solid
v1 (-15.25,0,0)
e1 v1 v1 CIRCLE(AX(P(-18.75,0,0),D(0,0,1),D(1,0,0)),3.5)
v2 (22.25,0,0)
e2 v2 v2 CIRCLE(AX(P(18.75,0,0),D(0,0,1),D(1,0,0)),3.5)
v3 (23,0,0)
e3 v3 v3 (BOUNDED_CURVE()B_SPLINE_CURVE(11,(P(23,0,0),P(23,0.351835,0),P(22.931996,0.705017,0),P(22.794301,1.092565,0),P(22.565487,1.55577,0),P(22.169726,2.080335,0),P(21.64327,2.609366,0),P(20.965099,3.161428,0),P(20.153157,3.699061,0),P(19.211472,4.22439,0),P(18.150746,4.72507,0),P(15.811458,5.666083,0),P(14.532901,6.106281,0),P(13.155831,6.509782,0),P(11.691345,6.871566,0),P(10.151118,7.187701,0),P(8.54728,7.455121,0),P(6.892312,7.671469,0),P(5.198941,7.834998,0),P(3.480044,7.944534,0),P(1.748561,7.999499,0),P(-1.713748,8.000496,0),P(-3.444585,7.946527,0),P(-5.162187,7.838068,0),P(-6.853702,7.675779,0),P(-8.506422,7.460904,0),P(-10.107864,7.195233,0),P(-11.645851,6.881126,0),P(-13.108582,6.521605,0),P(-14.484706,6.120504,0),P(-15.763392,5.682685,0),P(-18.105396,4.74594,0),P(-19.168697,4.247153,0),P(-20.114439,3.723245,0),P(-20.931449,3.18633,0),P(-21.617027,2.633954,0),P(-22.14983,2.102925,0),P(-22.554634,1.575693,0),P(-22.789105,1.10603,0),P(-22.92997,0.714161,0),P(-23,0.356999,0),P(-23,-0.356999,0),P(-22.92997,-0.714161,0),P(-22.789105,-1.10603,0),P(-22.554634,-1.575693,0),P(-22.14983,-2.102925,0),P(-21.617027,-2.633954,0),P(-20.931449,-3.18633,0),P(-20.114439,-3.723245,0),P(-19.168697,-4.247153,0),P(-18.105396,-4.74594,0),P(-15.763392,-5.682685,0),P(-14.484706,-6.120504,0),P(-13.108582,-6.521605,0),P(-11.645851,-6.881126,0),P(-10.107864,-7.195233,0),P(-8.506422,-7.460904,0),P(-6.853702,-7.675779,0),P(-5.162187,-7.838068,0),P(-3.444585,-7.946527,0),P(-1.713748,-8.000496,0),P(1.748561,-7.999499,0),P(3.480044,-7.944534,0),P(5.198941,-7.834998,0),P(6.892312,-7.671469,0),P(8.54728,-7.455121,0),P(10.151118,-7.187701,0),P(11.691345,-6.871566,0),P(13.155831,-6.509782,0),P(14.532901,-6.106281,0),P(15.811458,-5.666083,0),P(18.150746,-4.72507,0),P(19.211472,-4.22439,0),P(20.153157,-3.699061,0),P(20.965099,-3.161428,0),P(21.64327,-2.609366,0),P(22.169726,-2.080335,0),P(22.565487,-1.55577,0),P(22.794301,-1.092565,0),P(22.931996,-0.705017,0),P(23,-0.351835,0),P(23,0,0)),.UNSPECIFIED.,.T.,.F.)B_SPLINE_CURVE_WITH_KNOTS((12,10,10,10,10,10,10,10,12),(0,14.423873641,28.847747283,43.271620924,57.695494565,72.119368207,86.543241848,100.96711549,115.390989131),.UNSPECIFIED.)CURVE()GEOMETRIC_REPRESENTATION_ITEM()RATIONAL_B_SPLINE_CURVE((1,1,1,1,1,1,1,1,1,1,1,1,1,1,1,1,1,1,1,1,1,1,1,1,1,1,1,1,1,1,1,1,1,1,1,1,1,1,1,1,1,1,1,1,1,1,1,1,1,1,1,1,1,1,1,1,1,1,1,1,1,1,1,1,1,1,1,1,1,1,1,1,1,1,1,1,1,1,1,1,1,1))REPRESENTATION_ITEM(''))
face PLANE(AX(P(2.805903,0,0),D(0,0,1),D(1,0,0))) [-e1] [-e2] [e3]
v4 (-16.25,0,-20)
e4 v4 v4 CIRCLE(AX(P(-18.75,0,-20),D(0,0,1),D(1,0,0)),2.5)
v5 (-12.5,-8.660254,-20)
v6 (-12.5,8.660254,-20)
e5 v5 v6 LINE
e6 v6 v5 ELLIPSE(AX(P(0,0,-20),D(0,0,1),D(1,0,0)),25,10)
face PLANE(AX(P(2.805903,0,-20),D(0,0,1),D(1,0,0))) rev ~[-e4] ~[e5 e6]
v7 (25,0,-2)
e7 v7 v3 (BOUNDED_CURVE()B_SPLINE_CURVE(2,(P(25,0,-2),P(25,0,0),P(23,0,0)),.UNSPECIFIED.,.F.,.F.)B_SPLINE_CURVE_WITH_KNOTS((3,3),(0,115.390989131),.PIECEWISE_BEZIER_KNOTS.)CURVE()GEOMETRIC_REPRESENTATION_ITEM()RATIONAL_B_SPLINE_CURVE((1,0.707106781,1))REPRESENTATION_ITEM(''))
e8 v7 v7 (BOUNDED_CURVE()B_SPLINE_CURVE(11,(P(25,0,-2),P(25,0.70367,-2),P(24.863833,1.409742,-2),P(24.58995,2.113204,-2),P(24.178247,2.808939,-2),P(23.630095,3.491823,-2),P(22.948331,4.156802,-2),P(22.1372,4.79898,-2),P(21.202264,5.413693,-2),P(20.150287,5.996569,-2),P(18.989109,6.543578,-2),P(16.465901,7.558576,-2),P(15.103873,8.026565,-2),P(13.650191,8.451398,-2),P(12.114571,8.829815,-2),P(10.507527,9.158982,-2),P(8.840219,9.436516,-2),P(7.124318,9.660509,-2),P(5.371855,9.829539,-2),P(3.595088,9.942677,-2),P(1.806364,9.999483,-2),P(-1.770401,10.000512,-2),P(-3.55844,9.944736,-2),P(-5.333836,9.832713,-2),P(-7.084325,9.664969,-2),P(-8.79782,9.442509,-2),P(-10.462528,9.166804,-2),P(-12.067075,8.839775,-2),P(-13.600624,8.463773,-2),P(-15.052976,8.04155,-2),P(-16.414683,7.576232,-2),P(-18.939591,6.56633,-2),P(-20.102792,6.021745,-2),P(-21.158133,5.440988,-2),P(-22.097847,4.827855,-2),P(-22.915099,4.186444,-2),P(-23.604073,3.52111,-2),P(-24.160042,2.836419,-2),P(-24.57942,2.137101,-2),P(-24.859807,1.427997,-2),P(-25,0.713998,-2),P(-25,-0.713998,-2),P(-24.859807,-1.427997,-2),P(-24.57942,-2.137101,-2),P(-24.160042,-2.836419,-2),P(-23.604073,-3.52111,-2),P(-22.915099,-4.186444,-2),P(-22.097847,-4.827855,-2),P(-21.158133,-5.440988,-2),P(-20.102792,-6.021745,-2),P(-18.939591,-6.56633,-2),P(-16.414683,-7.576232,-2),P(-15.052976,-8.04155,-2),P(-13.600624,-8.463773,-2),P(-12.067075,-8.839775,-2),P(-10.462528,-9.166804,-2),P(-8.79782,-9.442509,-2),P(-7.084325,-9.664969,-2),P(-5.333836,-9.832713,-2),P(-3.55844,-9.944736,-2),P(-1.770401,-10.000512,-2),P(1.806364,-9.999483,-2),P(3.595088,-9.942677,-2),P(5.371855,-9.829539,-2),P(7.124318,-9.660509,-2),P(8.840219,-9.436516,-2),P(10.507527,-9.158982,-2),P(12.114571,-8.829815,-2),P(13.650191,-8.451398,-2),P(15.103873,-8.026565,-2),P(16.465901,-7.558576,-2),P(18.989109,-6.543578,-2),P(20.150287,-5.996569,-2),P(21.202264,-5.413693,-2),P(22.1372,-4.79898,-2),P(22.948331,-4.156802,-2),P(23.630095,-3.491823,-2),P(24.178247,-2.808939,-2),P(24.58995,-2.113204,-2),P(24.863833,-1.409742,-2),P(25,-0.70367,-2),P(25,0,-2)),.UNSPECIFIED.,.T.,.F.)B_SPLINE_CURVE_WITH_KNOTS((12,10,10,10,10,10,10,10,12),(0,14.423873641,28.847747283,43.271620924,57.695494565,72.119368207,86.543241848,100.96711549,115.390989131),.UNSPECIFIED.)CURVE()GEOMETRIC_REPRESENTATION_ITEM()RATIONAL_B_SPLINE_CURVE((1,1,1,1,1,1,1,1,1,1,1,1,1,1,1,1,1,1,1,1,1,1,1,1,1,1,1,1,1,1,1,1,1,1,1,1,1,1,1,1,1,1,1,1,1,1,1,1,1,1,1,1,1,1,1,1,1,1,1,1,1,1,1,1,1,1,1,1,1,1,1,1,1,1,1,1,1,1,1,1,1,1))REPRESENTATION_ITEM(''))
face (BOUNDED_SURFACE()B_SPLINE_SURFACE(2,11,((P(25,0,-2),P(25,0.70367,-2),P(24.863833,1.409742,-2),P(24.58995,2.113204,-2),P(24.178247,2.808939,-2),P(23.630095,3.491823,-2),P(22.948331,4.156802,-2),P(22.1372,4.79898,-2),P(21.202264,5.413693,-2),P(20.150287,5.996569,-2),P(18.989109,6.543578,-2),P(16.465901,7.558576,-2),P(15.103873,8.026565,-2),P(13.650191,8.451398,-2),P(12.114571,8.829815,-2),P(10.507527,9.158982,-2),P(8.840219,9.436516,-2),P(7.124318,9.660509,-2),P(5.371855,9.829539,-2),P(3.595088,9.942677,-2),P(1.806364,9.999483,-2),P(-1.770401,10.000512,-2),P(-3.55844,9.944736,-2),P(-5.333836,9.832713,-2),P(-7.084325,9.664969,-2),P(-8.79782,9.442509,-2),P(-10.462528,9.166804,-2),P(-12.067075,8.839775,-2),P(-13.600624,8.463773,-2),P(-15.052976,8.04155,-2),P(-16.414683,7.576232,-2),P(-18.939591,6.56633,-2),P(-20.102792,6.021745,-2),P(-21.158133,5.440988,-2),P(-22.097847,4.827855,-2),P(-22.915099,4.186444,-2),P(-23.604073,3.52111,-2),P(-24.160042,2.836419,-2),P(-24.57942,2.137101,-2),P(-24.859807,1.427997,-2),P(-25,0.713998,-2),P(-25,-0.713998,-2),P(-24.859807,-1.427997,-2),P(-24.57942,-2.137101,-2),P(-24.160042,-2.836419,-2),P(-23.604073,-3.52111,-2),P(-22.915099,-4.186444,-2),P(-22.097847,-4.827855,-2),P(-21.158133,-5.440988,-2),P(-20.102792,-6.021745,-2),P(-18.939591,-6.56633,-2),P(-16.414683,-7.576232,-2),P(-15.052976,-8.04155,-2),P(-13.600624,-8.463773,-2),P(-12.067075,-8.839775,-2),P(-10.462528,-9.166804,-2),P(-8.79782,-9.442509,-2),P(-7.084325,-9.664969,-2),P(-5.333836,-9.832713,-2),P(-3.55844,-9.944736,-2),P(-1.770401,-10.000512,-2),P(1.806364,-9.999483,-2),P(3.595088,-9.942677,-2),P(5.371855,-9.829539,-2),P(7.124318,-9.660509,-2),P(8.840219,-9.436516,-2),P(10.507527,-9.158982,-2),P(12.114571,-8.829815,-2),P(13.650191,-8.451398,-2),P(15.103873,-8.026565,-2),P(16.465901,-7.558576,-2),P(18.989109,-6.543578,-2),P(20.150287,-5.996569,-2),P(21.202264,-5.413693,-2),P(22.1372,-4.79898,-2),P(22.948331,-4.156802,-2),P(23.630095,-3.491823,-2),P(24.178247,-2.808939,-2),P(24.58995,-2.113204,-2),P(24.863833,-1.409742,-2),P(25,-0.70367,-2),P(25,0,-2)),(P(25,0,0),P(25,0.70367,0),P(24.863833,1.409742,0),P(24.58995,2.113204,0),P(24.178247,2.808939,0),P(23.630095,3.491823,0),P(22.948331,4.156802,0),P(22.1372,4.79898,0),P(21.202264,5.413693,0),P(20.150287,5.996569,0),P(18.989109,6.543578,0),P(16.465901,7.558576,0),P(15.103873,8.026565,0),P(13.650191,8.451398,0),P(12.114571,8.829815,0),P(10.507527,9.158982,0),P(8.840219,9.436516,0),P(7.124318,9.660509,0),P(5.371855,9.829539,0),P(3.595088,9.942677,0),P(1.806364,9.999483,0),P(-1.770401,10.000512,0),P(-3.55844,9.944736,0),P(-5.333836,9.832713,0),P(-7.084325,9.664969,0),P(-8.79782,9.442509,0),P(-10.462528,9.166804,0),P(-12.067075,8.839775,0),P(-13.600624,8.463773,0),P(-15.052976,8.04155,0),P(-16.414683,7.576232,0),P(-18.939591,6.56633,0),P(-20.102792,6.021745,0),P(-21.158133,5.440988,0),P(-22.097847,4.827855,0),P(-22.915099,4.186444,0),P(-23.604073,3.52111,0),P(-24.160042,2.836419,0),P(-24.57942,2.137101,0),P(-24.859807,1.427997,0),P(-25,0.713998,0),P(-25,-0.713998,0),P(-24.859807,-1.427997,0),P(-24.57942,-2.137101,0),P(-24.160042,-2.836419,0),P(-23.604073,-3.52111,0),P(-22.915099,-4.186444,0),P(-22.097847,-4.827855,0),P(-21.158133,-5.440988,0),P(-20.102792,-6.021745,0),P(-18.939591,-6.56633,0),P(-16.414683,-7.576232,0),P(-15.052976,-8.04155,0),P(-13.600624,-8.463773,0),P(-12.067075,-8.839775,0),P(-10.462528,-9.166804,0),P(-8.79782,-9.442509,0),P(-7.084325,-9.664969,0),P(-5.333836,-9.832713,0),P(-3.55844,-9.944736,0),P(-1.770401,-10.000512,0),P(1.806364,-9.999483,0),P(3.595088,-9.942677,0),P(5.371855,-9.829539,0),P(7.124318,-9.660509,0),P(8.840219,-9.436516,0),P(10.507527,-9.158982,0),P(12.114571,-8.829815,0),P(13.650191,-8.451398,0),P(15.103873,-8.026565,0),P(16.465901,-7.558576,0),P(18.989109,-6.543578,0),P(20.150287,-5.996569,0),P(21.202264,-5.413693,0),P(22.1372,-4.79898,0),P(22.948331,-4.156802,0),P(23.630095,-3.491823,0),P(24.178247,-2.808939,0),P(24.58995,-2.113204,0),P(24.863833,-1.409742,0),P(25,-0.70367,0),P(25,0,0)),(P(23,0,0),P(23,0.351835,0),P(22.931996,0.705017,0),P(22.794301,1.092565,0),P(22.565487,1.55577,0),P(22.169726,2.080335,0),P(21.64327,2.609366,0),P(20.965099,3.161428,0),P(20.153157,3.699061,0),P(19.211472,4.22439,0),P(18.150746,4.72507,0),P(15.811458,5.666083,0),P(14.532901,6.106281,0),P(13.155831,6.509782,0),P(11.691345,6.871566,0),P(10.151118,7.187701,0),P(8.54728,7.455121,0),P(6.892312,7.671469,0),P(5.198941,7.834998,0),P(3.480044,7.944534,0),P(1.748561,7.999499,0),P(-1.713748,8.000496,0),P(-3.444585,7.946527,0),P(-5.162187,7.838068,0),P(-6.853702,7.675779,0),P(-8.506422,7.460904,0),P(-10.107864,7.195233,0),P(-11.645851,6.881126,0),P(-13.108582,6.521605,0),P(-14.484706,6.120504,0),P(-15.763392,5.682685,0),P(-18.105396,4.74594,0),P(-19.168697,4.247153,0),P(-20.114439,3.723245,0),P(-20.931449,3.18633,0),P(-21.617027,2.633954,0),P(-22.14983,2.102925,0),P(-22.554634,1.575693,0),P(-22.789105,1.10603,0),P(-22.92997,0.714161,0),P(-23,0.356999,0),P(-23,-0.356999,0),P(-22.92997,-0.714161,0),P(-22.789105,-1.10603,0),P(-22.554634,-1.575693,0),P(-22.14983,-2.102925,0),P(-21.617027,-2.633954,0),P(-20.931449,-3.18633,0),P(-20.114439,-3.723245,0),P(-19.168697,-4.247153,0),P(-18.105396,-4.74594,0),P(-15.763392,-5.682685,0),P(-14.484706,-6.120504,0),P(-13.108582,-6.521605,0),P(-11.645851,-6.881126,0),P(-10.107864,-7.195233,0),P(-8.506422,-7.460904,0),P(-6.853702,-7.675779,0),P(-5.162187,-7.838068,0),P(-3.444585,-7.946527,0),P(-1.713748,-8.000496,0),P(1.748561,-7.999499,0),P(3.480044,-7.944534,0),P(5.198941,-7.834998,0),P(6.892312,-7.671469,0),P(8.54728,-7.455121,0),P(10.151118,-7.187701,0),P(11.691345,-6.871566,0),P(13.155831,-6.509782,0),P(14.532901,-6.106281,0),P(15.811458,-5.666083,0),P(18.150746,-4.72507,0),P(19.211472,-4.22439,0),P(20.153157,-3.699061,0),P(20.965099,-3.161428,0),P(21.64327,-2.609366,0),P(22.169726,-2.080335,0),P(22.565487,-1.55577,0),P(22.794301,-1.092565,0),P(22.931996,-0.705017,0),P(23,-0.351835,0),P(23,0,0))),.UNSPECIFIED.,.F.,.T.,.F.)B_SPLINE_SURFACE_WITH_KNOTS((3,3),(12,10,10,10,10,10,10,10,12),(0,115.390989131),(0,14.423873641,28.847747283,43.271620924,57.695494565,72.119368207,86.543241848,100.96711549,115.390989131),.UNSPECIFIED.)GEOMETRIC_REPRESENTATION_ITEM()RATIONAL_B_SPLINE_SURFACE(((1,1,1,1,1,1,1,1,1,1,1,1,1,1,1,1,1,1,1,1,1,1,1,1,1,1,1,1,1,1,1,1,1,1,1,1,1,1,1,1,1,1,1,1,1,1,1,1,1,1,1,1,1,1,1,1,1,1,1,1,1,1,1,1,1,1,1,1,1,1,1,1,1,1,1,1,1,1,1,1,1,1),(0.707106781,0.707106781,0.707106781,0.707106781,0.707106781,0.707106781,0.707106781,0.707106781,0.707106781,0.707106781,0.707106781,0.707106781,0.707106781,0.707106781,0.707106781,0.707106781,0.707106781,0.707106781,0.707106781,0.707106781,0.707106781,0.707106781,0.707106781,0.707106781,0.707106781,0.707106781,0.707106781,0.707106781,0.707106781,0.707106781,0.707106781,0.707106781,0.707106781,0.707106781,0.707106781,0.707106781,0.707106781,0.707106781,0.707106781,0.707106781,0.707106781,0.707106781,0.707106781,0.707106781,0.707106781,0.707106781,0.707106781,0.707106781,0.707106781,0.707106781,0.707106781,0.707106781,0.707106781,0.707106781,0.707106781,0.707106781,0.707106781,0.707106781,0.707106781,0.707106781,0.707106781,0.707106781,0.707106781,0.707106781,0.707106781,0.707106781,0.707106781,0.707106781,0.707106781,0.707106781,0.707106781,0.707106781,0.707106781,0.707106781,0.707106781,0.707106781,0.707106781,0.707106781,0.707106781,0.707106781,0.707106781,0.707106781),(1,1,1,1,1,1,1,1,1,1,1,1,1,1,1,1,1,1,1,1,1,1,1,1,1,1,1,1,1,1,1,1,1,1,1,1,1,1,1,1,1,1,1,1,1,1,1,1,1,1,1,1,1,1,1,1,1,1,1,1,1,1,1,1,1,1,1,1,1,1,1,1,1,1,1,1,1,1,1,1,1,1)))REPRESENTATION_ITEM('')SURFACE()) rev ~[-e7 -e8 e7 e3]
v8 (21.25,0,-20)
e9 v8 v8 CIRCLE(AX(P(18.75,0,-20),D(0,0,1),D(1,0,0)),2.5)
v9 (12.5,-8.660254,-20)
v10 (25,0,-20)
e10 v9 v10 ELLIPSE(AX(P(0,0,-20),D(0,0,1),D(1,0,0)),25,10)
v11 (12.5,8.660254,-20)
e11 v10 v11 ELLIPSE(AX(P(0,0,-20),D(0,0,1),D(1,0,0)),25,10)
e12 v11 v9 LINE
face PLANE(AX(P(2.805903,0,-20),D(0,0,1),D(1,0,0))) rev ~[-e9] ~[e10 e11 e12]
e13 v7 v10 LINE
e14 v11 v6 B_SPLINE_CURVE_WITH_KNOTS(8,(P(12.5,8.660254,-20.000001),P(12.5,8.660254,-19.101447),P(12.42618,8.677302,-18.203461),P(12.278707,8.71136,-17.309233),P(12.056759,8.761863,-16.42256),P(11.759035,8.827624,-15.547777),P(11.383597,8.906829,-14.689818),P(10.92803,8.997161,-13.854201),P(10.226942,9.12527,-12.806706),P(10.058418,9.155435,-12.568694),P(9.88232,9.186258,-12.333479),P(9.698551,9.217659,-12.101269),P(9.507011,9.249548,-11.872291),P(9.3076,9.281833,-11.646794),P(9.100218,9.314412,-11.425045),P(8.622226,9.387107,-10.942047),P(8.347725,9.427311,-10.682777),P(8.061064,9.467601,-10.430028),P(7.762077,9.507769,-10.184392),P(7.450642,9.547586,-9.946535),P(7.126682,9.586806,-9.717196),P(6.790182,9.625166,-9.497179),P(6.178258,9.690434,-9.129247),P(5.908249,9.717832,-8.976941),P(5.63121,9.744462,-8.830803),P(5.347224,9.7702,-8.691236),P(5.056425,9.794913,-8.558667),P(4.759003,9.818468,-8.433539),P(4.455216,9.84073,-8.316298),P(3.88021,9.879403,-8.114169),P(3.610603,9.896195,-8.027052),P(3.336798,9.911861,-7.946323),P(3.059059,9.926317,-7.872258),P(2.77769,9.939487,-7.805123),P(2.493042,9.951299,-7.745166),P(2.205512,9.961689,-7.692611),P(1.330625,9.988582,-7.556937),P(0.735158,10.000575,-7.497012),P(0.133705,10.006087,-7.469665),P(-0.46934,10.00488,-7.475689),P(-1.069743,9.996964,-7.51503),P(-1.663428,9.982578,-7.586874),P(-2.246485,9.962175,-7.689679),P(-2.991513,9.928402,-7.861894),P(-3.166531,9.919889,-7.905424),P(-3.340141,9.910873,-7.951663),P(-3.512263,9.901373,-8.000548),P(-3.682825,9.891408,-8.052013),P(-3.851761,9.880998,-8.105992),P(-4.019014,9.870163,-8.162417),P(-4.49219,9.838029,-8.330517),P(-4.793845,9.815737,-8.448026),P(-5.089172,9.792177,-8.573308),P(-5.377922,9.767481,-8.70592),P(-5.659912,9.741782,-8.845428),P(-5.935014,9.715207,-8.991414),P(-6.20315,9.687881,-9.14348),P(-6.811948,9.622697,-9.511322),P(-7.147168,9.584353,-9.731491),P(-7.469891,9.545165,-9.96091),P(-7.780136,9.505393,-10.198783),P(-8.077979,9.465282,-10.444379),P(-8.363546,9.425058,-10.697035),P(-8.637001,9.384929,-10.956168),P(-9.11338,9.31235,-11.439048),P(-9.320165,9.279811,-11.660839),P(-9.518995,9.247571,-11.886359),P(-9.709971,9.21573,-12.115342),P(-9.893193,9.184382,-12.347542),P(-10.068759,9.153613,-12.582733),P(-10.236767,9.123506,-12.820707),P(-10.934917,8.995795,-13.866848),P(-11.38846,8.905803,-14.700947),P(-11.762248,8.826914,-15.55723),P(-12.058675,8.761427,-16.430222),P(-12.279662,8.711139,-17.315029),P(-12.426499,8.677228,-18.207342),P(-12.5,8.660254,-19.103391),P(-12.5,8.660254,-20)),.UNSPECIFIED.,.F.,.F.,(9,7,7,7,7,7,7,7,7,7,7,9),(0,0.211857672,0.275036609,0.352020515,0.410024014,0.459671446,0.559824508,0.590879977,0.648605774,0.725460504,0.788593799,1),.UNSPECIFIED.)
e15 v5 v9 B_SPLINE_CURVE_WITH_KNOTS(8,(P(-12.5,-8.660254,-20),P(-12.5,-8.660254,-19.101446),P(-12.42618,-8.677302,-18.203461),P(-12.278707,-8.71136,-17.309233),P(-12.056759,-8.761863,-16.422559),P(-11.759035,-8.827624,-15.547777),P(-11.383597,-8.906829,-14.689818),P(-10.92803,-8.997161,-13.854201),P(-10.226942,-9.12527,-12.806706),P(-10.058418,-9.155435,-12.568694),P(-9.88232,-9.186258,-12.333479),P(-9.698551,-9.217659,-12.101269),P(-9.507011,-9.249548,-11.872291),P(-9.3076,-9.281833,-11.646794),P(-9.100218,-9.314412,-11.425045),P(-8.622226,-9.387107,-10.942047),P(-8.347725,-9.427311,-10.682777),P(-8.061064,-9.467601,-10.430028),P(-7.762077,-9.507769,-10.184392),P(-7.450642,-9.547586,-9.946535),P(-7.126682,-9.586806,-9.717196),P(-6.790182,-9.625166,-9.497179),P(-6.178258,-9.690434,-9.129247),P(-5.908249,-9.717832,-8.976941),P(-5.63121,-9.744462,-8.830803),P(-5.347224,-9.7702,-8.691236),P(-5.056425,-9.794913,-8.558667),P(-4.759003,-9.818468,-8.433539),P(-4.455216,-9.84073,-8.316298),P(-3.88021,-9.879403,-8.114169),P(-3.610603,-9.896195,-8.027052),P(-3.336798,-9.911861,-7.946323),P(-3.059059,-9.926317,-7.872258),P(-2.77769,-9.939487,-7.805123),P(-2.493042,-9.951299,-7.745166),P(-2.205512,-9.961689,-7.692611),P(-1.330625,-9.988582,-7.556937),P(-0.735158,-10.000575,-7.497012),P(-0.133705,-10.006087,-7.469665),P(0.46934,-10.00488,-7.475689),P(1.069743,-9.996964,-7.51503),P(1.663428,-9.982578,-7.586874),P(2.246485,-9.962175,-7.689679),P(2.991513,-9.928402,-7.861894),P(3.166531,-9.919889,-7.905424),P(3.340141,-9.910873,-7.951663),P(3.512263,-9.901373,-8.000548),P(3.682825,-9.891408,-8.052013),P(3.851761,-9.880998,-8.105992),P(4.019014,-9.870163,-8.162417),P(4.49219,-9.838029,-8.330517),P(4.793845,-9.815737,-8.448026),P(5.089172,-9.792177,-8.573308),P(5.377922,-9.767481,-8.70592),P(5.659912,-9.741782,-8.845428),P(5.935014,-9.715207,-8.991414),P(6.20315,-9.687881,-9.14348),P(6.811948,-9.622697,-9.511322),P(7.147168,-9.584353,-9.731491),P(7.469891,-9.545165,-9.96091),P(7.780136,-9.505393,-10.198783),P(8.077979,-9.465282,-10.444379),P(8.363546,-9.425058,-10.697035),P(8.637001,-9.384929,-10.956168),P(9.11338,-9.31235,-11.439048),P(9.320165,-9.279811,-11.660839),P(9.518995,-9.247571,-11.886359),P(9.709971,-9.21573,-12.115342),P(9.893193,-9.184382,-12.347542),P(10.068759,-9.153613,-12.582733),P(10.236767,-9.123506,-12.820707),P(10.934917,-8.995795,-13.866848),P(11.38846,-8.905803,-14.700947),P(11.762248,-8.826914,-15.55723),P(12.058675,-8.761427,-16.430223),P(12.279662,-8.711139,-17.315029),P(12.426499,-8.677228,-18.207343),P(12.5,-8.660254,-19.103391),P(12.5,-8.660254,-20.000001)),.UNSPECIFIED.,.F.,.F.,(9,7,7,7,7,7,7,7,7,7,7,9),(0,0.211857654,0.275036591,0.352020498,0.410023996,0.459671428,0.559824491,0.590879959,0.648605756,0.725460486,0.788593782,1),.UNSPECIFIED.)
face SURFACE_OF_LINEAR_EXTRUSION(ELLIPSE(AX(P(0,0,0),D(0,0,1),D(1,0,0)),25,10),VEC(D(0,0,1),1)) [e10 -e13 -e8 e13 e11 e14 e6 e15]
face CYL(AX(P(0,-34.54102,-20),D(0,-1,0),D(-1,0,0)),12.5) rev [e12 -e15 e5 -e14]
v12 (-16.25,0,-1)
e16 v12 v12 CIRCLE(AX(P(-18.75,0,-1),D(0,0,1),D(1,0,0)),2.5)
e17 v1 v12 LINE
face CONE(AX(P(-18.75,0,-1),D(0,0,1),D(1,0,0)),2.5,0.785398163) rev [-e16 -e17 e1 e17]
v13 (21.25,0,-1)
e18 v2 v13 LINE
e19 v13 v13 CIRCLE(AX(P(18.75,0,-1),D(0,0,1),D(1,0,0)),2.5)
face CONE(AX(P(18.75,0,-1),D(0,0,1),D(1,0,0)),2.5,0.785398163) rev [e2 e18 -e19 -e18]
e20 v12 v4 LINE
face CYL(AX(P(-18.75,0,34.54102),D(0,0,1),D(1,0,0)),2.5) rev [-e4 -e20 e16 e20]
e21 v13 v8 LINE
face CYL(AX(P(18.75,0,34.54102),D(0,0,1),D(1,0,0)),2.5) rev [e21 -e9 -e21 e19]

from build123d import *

# Parameters (mm, degrees)
SKETCH2_RX              = 25
SKETCH2_RY              = 10
BOSS_EXTRUDE1_DEPTH     = 20
CUT_EXTRUDE1_DEPTH      = 34.541019662
CUT_EXTRUDE1_DEPTH_BACK = 34.541019662
SKETCH3_R               = 12.5
FILLET2_R               = 2
CUT_EXTRUDE3_DEPTH      = 34.541019826
CUT_EXTRUDE3_DEPTH_BACK = 34.541019826
SKETCH5_R               = 2.5
CHAMFER1_SIZE           = 1


with BuildPart() as part:
    # Sketch2 → Boss-Extrude1 (new body)
    with BuildSketch(Plane(origin=(0, 0, 0), x_dir=(0, 1, 0), z_dir=(0, 0, 1))):
        with Locations(Location((0, 0), (0, 0, -90))):
            Ellipse(SKETCH2_RX, SKETCH2_RY)
    extrude(amount=-BOSS_EXTRUDE1_DEPTH)

    # Sketch3 → Cut-Extrude1 (cut, two sides: drawn at the far end of the back side and taken through both)
    with BuildSketch(Plane(origin=(0, 0, 0), x_dir=(-1, 0, 0), z_dir=(0, 1, 0)).offset(-CUT_EXTRUDE1_DEPTH_BACK)):
        with Locations((0, -20)):
            Circle(SKETCH3_R)
    extrude(amount=CUT_EXTRUDE1_DEPTH + CUT_EXTRUDE1_DEPTH_BACK, mode=Mode.SUBTRACT)

    # Fillet2
    fillet2_edges = [part.edges().sort_by_distance(p)[0] for p in [
        (-24.996691196, -0.162691976, 0),
    ]]
    fillet(fillet2_edges, radius=FILLET2_R)

    # Sketch5 → Cut-Extrude3 (cut, two sides: drawn at the far end of the back side and taken through both)
    with BuildSketch(Plane(origin=(0, 0, 0), x_dir=(1, 0, 0), z_dir=(0, 0, -1)).offset(-CUT_EXTRUDE3_DEPTH_BACK)):
        with Locations((-18.75, 0)):
            Circle(SKETCH5_R)
        with Locations((18.75, 0)):
            Circle(SKETCH5_R)
    extrude(amount=CUT_EXTRUDE3_DEPTH + CUT_EXTRUDE3_DEPTH_BACK, mode=Mode.SUBTRACT)

    # Chamfer1
    chamfer1_edges = [part.edges().sort_by_distance(p)[0] for p in [
        (-21.25, 0, 0),
        (16.25, 0, 0),
    ]]
    chamfer(chamfer1_edges, length=CHAMFER1_SIZE)


solid = part.part
